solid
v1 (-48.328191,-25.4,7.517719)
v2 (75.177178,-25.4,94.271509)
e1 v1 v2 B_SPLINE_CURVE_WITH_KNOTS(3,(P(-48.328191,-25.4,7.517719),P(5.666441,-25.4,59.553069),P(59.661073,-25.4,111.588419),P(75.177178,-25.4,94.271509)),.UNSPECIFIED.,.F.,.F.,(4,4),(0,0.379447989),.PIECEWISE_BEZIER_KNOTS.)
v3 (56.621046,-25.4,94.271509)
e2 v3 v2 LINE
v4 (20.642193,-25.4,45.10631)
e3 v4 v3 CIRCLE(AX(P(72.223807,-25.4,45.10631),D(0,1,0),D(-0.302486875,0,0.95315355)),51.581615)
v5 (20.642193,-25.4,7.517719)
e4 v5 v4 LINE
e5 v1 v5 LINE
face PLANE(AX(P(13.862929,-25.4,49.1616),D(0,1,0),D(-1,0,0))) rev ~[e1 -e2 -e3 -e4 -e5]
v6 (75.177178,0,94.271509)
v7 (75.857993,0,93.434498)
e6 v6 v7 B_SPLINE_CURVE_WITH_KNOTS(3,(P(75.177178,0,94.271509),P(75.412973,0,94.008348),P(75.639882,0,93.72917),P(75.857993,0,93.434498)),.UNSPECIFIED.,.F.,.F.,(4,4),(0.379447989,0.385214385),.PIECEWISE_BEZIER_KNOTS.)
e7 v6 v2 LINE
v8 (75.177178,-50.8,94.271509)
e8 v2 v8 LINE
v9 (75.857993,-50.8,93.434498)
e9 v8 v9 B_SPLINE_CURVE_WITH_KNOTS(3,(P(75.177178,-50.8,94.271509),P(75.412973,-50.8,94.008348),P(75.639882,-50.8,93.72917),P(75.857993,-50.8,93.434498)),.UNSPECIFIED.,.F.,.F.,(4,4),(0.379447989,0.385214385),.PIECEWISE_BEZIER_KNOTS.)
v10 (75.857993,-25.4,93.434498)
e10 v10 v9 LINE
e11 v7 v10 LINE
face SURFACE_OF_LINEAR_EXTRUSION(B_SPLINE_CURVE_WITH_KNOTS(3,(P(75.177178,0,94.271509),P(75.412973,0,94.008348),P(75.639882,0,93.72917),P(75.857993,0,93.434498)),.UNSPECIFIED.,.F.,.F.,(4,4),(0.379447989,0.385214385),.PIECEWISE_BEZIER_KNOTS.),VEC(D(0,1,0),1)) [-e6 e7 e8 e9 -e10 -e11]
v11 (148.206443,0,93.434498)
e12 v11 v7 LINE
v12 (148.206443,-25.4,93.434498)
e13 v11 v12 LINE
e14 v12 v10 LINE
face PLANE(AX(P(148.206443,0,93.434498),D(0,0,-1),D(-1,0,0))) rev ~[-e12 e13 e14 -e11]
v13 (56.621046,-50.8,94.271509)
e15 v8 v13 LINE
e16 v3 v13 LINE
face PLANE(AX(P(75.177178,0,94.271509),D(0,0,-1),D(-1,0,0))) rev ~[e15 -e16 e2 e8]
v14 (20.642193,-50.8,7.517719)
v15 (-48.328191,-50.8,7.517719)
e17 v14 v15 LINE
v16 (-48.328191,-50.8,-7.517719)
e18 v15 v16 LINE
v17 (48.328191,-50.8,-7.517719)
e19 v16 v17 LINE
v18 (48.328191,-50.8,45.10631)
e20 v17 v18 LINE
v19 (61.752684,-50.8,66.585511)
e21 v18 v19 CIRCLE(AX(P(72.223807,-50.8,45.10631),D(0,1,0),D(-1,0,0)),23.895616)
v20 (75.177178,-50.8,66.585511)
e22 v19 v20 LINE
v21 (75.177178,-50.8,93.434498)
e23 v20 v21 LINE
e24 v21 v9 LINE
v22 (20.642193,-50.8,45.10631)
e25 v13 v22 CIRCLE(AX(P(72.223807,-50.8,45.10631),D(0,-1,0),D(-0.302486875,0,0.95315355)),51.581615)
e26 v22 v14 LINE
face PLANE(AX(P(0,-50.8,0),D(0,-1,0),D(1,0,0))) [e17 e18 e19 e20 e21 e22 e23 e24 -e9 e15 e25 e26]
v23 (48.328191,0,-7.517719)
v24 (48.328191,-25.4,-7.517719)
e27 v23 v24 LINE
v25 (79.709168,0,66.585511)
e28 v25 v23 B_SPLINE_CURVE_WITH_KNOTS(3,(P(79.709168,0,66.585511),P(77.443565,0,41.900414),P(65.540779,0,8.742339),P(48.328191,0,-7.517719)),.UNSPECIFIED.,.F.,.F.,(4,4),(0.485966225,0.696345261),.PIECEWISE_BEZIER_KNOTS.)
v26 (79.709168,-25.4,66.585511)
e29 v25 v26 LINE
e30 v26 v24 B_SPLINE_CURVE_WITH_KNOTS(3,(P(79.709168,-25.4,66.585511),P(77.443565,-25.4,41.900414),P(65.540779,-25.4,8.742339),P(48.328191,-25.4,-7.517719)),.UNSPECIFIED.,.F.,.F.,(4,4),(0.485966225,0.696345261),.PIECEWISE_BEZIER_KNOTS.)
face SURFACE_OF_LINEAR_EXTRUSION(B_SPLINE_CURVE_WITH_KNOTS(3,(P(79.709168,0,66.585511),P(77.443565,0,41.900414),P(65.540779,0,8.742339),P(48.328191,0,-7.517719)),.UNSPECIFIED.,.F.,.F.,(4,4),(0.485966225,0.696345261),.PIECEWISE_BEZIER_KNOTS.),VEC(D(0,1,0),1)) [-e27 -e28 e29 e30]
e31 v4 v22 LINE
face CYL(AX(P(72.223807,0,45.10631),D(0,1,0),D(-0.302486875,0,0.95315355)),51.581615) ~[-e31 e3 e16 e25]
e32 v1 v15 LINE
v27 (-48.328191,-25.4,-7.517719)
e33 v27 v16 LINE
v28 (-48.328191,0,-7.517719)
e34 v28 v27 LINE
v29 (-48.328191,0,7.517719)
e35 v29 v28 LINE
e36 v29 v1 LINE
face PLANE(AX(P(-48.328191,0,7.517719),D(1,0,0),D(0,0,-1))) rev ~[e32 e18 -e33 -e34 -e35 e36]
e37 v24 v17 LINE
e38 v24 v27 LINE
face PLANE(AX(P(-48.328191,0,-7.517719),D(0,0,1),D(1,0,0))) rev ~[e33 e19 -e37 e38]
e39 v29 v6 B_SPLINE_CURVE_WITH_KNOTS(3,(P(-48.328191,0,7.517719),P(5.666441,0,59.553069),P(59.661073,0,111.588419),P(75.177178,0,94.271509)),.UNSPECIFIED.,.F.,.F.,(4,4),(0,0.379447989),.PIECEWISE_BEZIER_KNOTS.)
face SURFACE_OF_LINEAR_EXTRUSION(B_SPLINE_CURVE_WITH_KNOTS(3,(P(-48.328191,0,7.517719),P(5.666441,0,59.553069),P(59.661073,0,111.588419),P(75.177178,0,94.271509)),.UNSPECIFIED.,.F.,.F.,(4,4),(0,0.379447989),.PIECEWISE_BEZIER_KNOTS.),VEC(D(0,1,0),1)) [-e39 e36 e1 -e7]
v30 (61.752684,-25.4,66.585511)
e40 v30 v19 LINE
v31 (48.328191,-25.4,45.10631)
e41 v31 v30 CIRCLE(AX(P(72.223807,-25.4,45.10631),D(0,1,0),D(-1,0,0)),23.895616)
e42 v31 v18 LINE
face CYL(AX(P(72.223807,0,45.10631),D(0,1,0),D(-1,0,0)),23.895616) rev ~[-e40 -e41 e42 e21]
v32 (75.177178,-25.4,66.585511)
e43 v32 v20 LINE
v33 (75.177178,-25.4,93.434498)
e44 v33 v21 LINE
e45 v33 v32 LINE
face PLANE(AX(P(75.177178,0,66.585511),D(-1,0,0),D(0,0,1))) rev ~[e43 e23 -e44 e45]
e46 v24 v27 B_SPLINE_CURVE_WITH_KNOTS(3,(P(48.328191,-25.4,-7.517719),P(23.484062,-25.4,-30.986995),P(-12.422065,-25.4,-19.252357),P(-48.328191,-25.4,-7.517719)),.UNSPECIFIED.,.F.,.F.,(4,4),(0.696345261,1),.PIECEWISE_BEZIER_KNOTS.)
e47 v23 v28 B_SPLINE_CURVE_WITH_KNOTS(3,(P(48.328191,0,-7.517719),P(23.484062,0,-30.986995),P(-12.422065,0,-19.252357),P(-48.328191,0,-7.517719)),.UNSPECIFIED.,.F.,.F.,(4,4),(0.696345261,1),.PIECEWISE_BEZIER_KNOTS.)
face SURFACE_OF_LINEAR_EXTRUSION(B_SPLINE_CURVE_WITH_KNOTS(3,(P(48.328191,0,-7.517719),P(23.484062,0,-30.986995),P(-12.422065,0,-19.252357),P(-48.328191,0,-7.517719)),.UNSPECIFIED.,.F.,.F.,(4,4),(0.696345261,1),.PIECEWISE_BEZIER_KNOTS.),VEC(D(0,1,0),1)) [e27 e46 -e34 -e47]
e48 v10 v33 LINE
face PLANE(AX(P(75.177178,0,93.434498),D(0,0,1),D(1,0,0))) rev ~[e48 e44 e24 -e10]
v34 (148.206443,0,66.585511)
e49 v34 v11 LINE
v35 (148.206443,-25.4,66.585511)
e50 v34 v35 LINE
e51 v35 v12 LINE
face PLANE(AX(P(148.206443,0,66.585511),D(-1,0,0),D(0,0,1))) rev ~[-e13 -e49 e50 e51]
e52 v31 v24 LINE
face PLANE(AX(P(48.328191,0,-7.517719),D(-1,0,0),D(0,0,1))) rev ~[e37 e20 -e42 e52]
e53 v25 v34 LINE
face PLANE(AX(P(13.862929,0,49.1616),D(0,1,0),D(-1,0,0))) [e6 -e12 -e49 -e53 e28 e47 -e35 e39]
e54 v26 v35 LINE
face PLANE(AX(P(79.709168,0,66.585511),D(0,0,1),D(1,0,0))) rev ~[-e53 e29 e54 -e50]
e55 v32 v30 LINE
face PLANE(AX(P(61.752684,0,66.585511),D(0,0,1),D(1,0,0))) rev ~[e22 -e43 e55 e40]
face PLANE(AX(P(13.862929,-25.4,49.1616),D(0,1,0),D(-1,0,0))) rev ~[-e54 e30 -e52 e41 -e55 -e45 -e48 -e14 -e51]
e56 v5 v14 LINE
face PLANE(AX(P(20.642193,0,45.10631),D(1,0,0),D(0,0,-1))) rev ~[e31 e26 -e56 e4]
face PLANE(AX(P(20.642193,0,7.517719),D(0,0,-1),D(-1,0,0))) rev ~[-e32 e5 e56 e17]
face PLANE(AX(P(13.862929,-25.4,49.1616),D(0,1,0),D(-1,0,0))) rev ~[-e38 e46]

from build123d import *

# Parameters (mm, degrees)
F1_DEPTH = 50.8
F2_DEPTH = 25.4


with BuildPart() as f1:
    # F0 (on Front) → F1 (new body)
    with BuildSketch(Plane.XZ):
        Polygon((20.6421925792, 7.51771871), (-48.3281910419, 7.51771871), (-48.3281910419, -7.51771871), (48.3281910419, -7.51771871), (48.3281910419, 7.51771871), align=None)
        with BuildLine():
            Line((20.6421925792, 45.1063103974), (20.6421925792, 7.51771871))
            Line((20.6421925792, 7.51771871), (48.3281910419, 7.51771871))
            Line((48.3281910419, 7.51771871), (48.3281910419, 45.1063103974))
            ThreePointArc((48.3281910419, 45.1063103974), (51.960362252, 57.7709568542), (61.7526844144, 66.5855109692))
            Line((61.7526844144, 66.5855109692), (75.1771777868, 66.5855109692))
            Line((75.1771777868, 66.5855109692), (75.1771777868, 93.434497714))
            Line((75.1771777868, 93.434497714), (75.8579934425, 93.434497714))
            add(Edge.make_bspline(
                [(75.1771777868, 94.2715094319), (75.4129729742, 94.0083477821), (75.6398818224, 93.7291697266), (75.8579934425, 93.434497714)],
                knots=[0.3794479889, 0.3794479889, 0.3794479889, 0.3794479889, 0.3852143851, 0.3852143851, 0.3852143851, 0.3852143851], degree=3))
            Line((75.1771777868, 94.2715094319), (56.6210457303, 94.2715094319))
            ThreePointArc((56.6210457303, 94.2715094319), (30.5976219571, 75.5681499272), (20.6421925792, 45.1063103974))
        make_face()
    extrude(amount=F1_DEPTH)

    # F0 (on Front) → F2 (join)
    with BuildSketch(Plane.XZ):
        with BuildLine():
            add(Edge.make_bspline(
                [(-48.3281910419, 7.51771871), (5.6664408177, 59.5530686078), (59.6610726774, 111.5884185057), (75.1771777868, 94.2715094319)],
                knots=[0, 0, 0, 0, 0.3794479889, 0.3794479889, 0.3794479889, 0.3794479889], degree=3))
            Line((-48.3281910419, 7.51771871), (20.6421925792, 7.51771871))
            Line((20.6421925792, 7.51771871), (20.6421925792, 45.1063103974))
            ThreePointArc((20.6421925792, 45.1063103974), (30.5976219571, 75.5681499272), (56.6210457303, 94.2715094319))
            Line((56.6210457303, 94.2715094319), (75.1771777868, 94.2715094319))
        make_face()
        Polygon((20.6421925792, 7.51771871), (-48.3281910419, 7.51771871), (-48.3281910419, -7.51771871), (48.3281910419, -7.51771871), (48.3281910419, 7.51771871), align=None)
        with BuildLine():
            Line((20.6421925792, 45.1063103974), (20.6421925792, 7.51771871))
            Line((20.6421925792, 7.51771871), (48.3281910419, 7.51771871))
            Line((48.3281910419, 7.51771871), (48.3281910419, 45.1063103974))
            ThreePointArc((48.3281910419, 45.1063103974), (51.960362252, 57.7709568542), (61.7526844144, 66.5855109692))
            Line((61.7526844144, 66.5855109692), (75.1771777868, 66.5855109692))
            Line((75.1771777868, 66.5855109692), (75.1771777868, 93.434497714))
            Line((75.1771777868, 93.434497714), (75.8579934425, 93.434497714))
            add(Edge.make_bspline(
                [(75.1771777868, 94.2715094319), (75.4129729742, 94.0083477821), (75.6398818224, 93.7291697266), (75.8579934425, 93.434497714)],
                knots=[0.3794479889, 0.3794479889, 0.3794479889, 0.3794479889, 0.3852143851, 0.3852143851, 0.3852143851, 0.3852143851], degree=3))
            Line((75.1771777868, 94.2715094319), (56.6210457303, 94.2715094319))
            ThreePointArc((56.6210457303, 94.2715094319), (30.5976219571, 75.5681499272), (20.6421925792, 45.1063103974))
        make_face()
        with BuildLine():
            Line((48.3281910419, -7.51771871), (-48.3281910419, -7.51771871))
            add(Edge.make_bspline(
                [(48.3281910419, -7.51771871), (23.484061655, -30.9869947446), (-12.4220646935, -19.2523567273), (-48.3281910419, -7.51771871)],
                knots=[0.6963452607, 0.6963452607, 0.6963452607, 0.6963452607, 1, 1, 1, 1], degree=3))
        make_face()
        with BuildLine():
            Line((48.3281910419, 45.1063103974), (48.3281910419, 7.51771871))
            Line((48.3281910419, 7.51771871), (48.3281910419, -7.51771871))
            add(Edge.make_bspline(
                [(79.709168251, 66.5855109692), (77.4435654124, 41.9004142214), (65.5407792267, 8.7423392331), (48.3281910419, -7.51771871)],
                knots=[0.4859662253, 0.4859662253, 0.4859662253, 0.4859662253, 0.6963452607, 0.6963452607, 0.6963452607, 0.6963452607], degree=3))
            Line((79.709168251, 66.5855109692), (75.1771777868, 66.5855109692))
            Line((75.1771777868, 66.5855109692), (61.7526844144, 66.5855109692))
            ThreePointArc((61.7526844144, 66.5855109692), (51.960362252, 57.7709568542), (48.3281910419, 45.1063103974))
        make_face()
        with BuildLine():
            add(Edge.make_bspline(
                [(75.8579934425, 93.434497714), (79.6688913238, 88.2859185243), (80.7941796665, 78.4073586951), (79.709168251, 66.5855109692)],
                knots=[0.3852143851, 0.3852143851, 0.3852143851, 0.3852143851, 0.4859662253, 0.4859662253, 0.4859662253, 0.4859662253], degree=3))
            Line((75.8579934425, 93.434497714), (75.1771777868, 93.434497714))
            Line((75.1771777868, 93.434497714), (75.1771777868, 66.5855109692))
            Line((75.1771777868, 66.5855109692), (79.709168251, 66.5855109692))
        make_face()
        with BuildLine():
            Line((148.2064425945, 93.434497714), (75.8579934425, 93.434497714))
            add(Edge.make_bspline(
                [(75.8579934425, 93.434497714), (79.6688913238, 88.2859185243), (80.7941796665, 78.4073586951), (79.709168251, 66.5855109692)],
                knots=[0.3852143851, 0.3852143851, 0.3852143851, 0.3852143851, 0.4859662253, 0.4859662253, 0.4859662253, 0.4859662253], degree=3))
            Line((79.709168251, 66.5855109692), (148.2064425945, 66.5855109692))
            Line((148.2064425945, 66.5855109692), (148.2064425945, 93.434497714))
        make_face()
    extrude(amount=F2_DEPTH)


solid = f1.part
